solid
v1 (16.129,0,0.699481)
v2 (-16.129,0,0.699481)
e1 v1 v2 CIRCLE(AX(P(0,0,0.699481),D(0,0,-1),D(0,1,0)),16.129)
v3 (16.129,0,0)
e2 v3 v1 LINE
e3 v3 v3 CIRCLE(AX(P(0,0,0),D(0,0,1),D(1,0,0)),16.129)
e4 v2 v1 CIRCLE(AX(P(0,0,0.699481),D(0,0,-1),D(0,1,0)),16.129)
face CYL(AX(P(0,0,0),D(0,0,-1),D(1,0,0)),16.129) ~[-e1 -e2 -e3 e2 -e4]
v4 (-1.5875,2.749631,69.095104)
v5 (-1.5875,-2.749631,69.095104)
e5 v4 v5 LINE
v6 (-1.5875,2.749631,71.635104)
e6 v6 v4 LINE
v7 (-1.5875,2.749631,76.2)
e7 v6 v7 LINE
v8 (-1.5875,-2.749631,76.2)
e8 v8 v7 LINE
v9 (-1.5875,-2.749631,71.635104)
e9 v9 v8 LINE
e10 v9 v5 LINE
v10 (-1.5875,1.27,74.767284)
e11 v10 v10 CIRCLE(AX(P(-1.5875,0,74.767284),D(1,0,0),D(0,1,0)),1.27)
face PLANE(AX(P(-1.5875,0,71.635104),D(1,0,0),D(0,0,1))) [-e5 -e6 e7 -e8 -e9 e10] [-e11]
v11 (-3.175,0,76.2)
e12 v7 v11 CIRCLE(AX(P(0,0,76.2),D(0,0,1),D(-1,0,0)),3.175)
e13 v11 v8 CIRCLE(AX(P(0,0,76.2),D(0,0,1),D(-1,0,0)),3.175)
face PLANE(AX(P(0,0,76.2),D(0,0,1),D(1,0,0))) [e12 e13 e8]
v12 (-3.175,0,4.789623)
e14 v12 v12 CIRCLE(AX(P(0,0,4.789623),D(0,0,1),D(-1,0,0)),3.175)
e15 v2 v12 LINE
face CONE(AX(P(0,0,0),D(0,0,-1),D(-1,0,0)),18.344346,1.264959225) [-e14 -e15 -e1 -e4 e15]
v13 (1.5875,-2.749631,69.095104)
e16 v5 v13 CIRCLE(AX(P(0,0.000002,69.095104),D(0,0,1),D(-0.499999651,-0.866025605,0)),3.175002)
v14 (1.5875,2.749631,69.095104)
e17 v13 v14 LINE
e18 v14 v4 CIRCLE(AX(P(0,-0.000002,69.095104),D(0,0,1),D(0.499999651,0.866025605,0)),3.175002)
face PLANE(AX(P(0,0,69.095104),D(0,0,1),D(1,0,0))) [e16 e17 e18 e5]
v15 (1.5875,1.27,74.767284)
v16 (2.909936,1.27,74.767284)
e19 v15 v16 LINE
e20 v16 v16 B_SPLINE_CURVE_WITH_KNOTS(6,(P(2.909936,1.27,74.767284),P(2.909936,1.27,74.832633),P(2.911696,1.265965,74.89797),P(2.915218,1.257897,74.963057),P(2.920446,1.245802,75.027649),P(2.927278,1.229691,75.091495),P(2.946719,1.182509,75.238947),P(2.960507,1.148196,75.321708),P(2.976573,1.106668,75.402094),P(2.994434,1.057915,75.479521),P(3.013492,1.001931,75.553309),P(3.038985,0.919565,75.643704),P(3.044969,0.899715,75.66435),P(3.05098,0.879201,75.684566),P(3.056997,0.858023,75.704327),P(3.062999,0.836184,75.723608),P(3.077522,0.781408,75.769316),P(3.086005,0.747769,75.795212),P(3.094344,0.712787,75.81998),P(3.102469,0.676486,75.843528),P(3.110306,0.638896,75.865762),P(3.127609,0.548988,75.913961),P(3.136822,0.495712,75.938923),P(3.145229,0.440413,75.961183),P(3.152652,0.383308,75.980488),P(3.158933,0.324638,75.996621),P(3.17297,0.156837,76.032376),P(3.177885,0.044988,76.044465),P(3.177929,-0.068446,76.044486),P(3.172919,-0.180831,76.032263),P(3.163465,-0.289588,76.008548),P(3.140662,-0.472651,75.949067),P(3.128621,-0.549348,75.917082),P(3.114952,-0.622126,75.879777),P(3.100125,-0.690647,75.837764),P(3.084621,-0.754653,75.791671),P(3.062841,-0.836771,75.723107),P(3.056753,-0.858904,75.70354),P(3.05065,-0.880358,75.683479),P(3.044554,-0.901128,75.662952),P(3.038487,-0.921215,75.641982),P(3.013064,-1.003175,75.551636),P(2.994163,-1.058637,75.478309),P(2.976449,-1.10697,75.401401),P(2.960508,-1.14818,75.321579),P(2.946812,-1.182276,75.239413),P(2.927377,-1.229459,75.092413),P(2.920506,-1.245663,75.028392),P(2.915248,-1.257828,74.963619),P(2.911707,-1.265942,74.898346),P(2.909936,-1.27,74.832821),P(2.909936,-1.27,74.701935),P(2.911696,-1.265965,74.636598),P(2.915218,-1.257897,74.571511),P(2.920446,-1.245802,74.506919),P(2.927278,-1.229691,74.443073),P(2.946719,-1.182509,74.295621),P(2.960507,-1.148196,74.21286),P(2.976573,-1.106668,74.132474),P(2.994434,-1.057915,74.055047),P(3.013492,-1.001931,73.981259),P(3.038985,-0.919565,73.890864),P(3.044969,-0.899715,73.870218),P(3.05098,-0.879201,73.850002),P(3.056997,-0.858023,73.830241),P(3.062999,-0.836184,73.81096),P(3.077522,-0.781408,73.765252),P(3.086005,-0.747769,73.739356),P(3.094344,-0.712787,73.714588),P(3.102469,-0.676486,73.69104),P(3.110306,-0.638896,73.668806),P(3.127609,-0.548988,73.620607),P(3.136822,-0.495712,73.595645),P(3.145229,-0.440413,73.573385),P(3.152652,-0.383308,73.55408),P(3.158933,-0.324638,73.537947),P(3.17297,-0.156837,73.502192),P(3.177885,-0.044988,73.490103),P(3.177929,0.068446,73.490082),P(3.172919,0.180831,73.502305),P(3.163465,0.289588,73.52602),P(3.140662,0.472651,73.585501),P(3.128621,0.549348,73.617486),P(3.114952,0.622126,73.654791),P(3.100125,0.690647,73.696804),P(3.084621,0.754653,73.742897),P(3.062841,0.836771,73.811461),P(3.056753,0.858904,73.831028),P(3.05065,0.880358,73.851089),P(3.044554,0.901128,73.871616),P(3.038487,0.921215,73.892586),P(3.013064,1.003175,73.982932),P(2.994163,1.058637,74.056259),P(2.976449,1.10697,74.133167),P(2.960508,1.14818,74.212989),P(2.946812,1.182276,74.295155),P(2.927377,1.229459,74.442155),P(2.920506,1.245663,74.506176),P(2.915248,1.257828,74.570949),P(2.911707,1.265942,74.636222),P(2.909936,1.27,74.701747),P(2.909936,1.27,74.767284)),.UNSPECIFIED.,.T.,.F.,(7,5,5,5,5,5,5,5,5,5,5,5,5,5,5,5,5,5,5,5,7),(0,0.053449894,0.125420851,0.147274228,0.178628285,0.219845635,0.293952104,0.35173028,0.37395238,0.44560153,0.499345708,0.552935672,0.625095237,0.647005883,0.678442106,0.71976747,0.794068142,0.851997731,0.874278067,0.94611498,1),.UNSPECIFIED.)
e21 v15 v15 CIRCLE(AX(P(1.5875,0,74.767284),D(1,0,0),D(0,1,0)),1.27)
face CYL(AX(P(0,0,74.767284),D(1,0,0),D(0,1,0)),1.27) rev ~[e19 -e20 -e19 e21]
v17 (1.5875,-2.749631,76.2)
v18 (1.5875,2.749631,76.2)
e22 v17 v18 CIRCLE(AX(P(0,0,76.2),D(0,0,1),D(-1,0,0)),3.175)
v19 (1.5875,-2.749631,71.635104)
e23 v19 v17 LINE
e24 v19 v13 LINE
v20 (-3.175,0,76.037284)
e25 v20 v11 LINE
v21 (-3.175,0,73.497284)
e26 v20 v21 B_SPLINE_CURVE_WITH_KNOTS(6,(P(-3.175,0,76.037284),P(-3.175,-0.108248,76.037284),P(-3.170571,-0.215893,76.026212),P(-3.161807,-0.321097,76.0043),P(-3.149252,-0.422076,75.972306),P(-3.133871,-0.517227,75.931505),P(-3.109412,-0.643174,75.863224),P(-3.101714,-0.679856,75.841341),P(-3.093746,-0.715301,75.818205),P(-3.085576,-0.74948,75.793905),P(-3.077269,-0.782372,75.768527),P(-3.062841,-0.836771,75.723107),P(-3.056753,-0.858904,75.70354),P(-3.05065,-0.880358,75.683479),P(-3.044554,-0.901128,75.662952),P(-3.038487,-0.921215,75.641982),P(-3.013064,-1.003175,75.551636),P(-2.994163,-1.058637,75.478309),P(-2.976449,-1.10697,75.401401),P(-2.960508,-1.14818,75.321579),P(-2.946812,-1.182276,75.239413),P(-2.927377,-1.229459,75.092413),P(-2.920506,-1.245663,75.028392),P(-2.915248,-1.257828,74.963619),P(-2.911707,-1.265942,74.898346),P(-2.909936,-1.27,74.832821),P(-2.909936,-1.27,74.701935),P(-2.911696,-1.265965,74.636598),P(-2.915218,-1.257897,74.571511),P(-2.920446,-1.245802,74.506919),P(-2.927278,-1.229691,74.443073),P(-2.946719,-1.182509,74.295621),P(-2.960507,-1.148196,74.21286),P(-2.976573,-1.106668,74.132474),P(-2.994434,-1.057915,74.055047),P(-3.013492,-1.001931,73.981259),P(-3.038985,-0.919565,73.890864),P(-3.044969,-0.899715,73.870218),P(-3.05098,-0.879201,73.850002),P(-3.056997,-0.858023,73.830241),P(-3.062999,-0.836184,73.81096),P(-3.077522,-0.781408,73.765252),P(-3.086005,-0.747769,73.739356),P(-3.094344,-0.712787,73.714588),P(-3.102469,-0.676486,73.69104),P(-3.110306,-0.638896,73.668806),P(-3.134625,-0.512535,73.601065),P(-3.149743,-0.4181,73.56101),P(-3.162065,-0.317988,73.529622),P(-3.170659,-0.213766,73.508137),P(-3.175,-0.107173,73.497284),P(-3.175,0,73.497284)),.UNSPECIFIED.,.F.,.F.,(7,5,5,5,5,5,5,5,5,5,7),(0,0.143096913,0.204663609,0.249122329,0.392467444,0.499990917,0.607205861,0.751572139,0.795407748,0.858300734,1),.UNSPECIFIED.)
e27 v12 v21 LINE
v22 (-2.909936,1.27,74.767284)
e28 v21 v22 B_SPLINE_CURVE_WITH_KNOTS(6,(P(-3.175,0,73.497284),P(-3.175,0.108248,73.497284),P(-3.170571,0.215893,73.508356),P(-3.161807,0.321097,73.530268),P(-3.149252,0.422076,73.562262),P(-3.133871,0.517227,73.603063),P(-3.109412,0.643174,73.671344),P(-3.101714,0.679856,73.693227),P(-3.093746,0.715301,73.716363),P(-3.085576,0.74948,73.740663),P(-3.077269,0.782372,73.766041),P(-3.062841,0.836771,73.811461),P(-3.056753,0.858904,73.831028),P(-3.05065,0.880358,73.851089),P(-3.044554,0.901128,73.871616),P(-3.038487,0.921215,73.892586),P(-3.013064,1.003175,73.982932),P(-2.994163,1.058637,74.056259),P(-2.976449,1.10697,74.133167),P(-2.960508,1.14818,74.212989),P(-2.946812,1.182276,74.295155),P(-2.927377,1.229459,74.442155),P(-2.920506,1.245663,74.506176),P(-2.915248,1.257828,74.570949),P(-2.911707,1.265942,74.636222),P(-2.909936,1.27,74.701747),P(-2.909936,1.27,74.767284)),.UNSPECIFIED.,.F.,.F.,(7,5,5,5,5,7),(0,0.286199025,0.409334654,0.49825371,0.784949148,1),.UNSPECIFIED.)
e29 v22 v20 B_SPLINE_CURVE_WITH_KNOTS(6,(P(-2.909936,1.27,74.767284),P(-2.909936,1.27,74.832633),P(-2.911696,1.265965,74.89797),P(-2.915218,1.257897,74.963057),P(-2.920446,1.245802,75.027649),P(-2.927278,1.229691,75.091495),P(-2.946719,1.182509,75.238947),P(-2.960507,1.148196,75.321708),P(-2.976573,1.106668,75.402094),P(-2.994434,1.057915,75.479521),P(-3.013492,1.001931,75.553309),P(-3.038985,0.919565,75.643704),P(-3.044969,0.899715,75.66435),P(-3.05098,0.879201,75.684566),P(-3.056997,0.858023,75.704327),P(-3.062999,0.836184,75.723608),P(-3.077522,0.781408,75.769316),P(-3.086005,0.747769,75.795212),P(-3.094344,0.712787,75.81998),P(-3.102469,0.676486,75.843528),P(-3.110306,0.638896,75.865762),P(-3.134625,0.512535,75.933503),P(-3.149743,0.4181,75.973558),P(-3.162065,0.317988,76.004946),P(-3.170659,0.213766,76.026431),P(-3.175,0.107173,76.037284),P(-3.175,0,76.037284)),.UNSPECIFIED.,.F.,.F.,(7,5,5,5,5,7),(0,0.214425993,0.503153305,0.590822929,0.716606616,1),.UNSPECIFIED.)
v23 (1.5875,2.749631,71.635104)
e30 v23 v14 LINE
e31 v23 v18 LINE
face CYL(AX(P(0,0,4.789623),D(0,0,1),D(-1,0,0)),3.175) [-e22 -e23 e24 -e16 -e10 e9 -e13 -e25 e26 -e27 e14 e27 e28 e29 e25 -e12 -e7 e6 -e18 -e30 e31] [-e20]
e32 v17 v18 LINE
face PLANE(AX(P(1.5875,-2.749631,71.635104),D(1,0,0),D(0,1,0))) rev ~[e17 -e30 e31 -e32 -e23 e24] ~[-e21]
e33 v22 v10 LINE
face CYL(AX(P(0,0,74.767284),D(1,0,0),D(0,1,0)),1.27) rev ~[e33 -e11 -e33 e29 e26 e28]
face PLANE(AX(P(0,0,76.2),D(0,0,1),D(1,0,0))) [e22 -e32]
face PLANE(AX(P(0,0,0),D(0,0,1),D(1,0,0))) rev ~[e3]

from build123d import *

# Parameters (mm, degrees)
F0_R     = 16.129
F1_DEPTH = 76.2
F4_W     = 3.175
F4_H     = 10.16
F5_DEPTH = 12.7
F6_R     = 1.27
F7_DEPTH = 12.7
F8_DEPTH = 2.54


with BuildPart() as f1:
    # F0 (on Top) → F1 (new body)
    with BuildSketch(Plane.XY):
        Circle(F0_R)
    extrude(amount=F1_DEPTH)

    # F2 (on Front) → F3 (revolve, cut)
    with BuildSketch(Plane.XZ):
        Polygon((-18.344346, 0), (-3.175, 4.789623), (-3.175, 89.805141), (-18.344346, 89.805141), align=None)
    revolve(axis=Axis((0, 0, 76.2), (0, 0, 1)), mode=Mode.SUBTRACT)

    # F4 (on Front) → F5 (cut, symmetric)
    with BuildSketch(Plane.XZ):
        with Locations((0, 76.715104)):
            Rectangle(F4_W, F4_H)
    extrude(amount=F5_DEPTH, both=True, mode=Mode.SUBTRACT)

    # F6 (on Right) → F7 (cut, symmetric)
    with BuildSketch(Plane.YZ):
        with Locations((0, 74.767284)):
            Circle(F6_R)
    extrude(amount=F7_DEPTH, both=True, mode=Mode.SUBTRACT)

    # F5_face (on face) → F8 (cut)
    with BuildSketch(Plane.XY.offset(71.635104)):
        with BuildLine():
            Line((-1.5875, 2.749631), (-1.5875, -2.749631))
            ThreePointArc((-1.5875, -2.749631), (0, -3.175), (1.5875, -2.749631))
            Line((1.5875, -2.749631), (1.5875, 2.749631))
            ThreePointArc((1.5875, 2.749631), (0, 3.175), (-1.5875, 2.749631))
        make_face()
    extrude(amount=-F8_DEPTH, mode=Mode.SUBTRACT)


solid = f1.part
